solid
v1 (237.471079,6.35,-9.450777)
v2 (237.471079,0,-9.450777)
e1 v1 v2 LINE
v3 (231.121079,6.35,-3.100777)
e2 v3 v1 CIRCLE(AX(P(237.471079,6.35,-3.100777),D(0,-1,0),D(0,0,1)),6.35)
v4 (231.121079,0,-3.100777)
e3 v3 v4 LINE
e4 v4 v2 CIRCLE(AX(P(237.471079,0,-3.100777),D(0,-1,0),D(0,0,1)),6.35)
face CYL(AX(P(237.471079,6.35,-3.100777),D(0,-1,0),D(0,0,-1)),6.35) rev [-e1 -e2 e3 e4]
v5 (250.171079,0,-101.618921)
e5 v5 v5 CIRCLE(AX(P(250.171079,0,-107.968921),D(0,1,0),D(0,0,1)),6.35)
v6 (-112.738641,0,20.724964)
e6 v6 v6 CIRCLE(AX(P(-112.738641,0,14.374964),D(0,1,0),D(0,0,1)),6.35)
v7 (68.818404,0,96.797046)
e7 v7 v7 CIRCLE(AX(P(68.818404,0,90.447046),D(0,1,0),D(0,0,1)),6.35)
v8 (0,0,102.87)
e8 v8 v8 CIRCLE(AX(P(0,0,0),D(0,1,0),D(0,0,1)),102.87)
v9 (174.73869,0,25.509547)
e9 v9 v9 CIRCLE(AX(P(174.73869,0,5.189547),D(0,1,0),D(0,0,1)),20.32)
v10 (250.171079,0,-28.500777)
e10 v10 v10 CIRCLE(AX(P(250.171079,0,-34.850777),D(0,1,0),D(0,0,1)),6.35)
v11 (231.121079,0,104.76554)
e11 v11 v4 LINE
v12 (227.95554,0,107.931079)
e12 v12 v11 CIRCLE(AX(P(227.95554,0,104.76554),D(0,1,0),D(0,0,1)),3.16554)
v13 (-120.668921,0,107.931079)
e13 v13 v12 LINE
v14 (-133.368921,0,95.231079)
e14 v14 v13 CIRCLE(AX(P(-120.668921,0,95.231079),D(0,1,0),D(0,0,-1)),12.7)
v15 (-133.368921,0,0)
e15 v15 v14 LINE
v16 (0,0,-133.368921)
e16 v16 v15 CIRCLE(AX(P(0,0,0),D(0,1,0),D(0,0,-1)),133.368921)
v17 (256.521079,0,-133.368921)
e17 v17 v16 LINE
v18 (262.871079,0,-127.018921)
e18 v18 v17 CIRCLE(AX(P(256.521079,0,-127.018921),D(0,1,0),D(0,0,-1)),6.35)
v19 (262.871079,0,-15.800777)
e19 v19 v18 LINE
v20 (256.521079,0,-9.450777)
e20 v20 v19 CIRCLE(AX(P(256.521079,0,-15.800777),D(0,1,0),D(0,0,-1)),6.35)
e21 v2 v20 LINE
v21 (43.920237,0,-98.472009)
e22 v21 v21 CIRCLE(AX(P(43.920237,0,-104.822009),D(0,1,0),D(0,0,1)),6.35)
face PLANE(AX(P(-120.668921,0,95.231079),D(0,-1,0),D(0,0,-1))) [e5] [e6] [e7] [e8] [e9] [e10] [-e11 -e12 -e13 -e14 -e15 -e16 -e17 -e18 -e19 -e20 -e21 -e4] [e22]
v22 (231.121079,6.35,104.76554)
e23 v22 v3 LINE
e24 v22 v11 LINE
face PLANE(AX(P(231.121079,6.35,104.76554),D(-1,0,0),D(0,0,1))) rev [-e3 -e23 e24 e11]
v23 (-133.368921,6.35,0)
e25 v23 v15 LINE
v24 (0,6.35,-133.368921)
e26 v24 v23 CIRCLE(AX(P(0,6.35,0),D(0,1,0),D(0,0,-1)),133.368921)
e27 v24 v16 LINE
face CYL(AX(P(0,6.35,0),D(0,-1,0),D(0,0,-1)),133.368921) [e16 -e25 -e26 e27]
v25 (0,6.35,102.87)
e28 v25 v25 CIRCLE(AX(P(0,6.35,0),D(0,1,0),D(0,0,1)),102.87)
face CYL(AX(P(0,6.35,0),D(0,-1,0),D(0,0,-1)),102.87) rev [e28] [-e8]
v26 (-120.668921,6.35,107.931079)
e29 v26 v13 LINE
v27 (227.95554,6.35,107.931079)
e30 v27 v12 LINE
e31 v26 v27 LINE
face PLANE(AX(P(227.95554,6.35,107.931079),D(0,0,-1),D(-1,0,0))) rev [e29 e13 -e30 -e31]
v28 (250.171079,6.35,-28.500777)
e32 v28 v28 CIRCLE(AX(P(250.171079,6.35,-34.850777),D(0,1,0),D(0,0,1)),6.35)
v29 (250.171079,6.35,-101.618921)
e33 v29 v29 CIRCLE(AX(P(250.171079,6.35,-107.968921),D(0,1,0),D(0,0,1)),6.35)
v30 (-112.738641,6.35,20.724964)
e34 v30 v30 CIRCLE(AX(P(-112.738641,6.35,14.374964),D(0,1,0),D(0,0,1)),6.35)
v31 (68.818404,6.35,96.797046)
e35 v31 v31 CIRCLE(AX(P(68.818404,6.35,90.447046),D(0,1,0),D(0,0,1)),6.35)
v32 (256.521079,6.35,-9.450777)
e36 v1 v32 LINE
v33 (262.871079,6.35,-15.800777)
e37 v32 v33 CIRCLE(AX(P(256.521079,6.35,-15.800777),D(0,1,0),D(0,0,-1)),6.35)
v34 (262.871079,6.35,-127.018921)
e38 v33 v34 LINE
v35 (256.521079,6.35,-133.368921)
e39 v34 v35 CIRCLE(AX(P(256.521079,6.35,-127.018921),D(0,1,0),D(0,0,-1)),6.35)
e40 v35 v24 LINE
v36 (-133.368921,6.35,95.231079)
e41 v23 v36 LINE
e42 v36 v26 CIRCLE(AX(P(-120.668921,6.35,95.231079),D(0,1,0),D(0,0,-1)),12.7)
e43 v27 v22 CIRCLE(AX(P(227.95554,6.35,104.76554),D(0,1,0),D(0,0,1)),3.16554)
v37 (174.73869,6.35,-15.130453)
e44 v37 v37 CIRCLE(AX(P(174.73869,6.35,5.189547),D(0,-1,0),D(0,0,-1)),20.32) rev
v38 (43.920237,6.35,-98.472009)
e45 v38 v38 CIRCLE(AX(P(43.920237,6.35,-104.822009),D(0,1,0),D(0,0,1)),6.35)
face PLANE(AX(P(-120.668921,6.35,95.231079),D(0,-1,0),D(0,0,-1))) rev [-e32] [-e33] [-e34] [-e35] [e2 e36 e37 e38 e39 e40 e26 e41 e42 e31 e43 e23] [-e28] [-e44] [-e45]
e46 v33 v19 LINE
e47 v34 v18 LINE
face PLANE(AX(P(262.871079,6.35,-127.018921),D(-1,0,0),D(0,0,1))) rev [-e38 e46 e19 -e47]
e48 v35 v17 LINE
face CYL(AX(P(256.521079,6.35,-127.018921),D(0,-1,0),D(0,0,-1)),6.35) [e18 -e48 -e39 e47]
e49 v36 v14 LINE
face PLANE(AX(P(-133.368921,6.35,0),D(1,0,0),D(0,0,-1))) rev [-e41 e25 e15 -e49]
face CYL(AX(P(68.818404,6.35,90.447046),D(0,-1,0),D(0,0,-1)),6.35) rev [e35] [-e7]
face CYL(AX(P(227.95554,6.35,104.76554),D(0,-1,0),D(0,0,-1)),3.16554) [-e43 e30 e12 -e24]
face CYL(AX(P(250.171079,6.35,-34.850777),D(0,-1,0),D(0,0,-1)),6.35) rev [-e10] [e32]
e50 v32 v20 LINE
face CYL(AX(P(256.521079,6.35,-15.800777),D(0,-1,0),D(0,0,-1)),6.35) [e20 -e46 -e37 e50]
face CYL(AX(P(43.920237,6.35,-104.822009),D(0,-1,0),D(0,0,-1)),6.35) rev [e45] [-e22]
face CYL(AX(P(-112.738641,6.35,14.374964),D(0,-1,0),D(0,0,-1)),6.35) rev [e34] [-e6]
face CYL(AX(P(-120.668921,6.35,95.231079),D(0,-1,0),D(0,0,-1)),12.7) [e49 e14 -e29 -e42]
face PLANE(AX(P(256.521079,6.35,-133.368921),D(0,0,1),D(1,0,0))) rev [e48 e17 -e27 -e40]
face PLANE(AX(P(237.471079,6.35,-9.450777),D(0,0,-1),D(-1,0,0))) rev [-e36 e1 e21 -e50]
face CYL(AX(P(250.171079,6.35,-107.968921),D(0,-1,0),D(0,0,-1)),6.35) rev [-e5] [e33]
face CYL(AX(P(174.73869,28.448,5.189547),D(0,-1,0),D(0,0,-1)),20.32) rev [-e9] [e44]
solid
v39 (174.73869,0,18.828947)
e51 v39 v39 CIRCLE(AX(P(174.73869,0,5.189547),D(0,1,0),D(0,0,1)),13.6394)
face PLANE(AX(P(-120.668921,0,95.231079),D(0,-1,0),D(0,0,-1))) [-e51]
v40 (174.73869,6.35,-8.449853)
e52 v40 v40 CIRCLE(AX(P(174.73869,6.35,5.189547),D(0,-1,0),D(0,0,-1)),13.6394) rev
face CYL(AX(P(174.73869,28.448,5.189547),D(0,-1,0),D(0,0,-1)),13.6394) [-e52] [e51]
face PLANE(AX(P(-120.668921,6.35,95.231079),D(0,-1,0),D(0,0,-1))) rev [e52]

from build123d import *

# Parameters (mm, degrees)
SKETCH1_R           = 102.87
SKETCH1_R_2         = 6.35
BOSS_EXTRUDE1_DEPTH = 6.35
SKETCH6_R           = 20.32
SKETCH6_R_2         = 13.63940017
CUT_EXTRUDE1_DEPTH  = 28.448


with BuildPart() as part:
    # Sketch1 → Boss-Extrude1 (new body)
    with BuildSketch(Plane(origin=(0, 0, 0), x_dir=(1, 0, 0), z_dir=(0, 1, 0))):
        with BuildLine():
            Line((256.521079071, 133.368920929), (0, 133.368920929))
            ThreePointArc((0, 133.368920929), (-94.306068389, 94.306068389), (-133.368920929, 0))
            Line((-133.368920929, 0), (-133.368920929, -95.231079071))
            ThreePointArc((-133.368920929, -95.231079071), (-129.64917705, -104.211335192), (-120.668920929, -107.931079071))
            Line((-120.668920929, -107.931079071), (227.955539535, -107.931079071))
            ThreePointArc((227.955539535, -107.931079071), (230.193914007, -107.003914007), (231.121079071, -104.765539535))
            Line((231.121079071, -104.765539535), (231.121079071, 3.100777109))
            ThreePointArc((231.121079071, 3.100777109), (232.98095101, 7.59090517), (237.471079071, 9.450777109))
            Line((237.471079071, 9.450777109), (256.521079071, 9.450777109))
            ThreePointArc((256.521079071, 9.450777109), (261.011207131, 11.310649048), (262.871079071, 15.800777109))
            Line((262.871079071, 15.800777109), (262.871079071, 127.018920929))
            ThreePointArc((262.871079071, 127.018920929), (261.011207131, 131.50904899), (256.521079071, 133.368920929))
        make_face()
        with Locations(Location((0, 0, 0), (0, 0, 270))):
            Circle(SKETCH1_R, mode=Mode.SUBTRACT)
        with Locations(Location((-112.738641363, -14.374963544, 0), (0, 0, 270))):
            Circle(SKETCH1_R_2, mode=Mode.SUBTRACT)
        with Locations(Location((43.920237074, 104.822009181, 0), (0, 0, 270))):
            Circle(SKETCH1_R_2, mode=Mode.SUBTRACT)
        with Locations(Location((68.818404289, -90.447045637, 0), (0, 0, 270))):
            Circle(SKETCH1_R_2, mode=Mode.SUBTRACT)
        with Locations(Location((250.171079071, 107.968920929, 0), (0, 0, 270))):
            Circle(SKETCH1_R_2, mode=Mode.SUBTRACT)
        with Locations(Location((250.171079071, 34.850777109, 0), (0, 0, 270))):
            Circle(SKETCH1_R_2, mode=Mode.SUBTRACT)
    extrude(amount=BOSS_EXTRUDE1_DEPTH)

    # Sketch6 → Cut-Extrude1 (cut)
    with BuildSketch(Plane(origin=(0, 0, 0), x_dir=(1, 0, 0), z_dir=(0, 1, 0))):
        with Locations(Location((174.738689567, -5.189547123, 0), (0, 0, 90))):
            Circle(SKETCH6_R)
        with Locations(Location((174.738689567, -5.189547123, 0), (0, 0, 90))):
            Circle(SKETCH6_R_2, mode=Mode.SUBTRACT)
    extrude(amount=CUT_EXTRUDE1_DEPTH, mode=Mode.SUBTRACT)


with BuildPart() as cut_extrude1_piece_1:
    # of the separate pieces the step leaves, piece 1, a body of its own (cut_extrude1_pieces)
    add(part.part.solids().sort_by_distance((256.521079071, 0, -9.450777109))[0])


with BuildPart() as cut_extrude1_piece_2:
    # of the separate pieces the step leaves, piece 2, a body of its own (cut_extrude1_pieces)
    add(part.part.solids().sort_by_distance((174.738689567, 0, -8.449853047))[0])


solid = Compound([cut_extrude1_piece_1.part, cut_extrude1_piece_2.part])
